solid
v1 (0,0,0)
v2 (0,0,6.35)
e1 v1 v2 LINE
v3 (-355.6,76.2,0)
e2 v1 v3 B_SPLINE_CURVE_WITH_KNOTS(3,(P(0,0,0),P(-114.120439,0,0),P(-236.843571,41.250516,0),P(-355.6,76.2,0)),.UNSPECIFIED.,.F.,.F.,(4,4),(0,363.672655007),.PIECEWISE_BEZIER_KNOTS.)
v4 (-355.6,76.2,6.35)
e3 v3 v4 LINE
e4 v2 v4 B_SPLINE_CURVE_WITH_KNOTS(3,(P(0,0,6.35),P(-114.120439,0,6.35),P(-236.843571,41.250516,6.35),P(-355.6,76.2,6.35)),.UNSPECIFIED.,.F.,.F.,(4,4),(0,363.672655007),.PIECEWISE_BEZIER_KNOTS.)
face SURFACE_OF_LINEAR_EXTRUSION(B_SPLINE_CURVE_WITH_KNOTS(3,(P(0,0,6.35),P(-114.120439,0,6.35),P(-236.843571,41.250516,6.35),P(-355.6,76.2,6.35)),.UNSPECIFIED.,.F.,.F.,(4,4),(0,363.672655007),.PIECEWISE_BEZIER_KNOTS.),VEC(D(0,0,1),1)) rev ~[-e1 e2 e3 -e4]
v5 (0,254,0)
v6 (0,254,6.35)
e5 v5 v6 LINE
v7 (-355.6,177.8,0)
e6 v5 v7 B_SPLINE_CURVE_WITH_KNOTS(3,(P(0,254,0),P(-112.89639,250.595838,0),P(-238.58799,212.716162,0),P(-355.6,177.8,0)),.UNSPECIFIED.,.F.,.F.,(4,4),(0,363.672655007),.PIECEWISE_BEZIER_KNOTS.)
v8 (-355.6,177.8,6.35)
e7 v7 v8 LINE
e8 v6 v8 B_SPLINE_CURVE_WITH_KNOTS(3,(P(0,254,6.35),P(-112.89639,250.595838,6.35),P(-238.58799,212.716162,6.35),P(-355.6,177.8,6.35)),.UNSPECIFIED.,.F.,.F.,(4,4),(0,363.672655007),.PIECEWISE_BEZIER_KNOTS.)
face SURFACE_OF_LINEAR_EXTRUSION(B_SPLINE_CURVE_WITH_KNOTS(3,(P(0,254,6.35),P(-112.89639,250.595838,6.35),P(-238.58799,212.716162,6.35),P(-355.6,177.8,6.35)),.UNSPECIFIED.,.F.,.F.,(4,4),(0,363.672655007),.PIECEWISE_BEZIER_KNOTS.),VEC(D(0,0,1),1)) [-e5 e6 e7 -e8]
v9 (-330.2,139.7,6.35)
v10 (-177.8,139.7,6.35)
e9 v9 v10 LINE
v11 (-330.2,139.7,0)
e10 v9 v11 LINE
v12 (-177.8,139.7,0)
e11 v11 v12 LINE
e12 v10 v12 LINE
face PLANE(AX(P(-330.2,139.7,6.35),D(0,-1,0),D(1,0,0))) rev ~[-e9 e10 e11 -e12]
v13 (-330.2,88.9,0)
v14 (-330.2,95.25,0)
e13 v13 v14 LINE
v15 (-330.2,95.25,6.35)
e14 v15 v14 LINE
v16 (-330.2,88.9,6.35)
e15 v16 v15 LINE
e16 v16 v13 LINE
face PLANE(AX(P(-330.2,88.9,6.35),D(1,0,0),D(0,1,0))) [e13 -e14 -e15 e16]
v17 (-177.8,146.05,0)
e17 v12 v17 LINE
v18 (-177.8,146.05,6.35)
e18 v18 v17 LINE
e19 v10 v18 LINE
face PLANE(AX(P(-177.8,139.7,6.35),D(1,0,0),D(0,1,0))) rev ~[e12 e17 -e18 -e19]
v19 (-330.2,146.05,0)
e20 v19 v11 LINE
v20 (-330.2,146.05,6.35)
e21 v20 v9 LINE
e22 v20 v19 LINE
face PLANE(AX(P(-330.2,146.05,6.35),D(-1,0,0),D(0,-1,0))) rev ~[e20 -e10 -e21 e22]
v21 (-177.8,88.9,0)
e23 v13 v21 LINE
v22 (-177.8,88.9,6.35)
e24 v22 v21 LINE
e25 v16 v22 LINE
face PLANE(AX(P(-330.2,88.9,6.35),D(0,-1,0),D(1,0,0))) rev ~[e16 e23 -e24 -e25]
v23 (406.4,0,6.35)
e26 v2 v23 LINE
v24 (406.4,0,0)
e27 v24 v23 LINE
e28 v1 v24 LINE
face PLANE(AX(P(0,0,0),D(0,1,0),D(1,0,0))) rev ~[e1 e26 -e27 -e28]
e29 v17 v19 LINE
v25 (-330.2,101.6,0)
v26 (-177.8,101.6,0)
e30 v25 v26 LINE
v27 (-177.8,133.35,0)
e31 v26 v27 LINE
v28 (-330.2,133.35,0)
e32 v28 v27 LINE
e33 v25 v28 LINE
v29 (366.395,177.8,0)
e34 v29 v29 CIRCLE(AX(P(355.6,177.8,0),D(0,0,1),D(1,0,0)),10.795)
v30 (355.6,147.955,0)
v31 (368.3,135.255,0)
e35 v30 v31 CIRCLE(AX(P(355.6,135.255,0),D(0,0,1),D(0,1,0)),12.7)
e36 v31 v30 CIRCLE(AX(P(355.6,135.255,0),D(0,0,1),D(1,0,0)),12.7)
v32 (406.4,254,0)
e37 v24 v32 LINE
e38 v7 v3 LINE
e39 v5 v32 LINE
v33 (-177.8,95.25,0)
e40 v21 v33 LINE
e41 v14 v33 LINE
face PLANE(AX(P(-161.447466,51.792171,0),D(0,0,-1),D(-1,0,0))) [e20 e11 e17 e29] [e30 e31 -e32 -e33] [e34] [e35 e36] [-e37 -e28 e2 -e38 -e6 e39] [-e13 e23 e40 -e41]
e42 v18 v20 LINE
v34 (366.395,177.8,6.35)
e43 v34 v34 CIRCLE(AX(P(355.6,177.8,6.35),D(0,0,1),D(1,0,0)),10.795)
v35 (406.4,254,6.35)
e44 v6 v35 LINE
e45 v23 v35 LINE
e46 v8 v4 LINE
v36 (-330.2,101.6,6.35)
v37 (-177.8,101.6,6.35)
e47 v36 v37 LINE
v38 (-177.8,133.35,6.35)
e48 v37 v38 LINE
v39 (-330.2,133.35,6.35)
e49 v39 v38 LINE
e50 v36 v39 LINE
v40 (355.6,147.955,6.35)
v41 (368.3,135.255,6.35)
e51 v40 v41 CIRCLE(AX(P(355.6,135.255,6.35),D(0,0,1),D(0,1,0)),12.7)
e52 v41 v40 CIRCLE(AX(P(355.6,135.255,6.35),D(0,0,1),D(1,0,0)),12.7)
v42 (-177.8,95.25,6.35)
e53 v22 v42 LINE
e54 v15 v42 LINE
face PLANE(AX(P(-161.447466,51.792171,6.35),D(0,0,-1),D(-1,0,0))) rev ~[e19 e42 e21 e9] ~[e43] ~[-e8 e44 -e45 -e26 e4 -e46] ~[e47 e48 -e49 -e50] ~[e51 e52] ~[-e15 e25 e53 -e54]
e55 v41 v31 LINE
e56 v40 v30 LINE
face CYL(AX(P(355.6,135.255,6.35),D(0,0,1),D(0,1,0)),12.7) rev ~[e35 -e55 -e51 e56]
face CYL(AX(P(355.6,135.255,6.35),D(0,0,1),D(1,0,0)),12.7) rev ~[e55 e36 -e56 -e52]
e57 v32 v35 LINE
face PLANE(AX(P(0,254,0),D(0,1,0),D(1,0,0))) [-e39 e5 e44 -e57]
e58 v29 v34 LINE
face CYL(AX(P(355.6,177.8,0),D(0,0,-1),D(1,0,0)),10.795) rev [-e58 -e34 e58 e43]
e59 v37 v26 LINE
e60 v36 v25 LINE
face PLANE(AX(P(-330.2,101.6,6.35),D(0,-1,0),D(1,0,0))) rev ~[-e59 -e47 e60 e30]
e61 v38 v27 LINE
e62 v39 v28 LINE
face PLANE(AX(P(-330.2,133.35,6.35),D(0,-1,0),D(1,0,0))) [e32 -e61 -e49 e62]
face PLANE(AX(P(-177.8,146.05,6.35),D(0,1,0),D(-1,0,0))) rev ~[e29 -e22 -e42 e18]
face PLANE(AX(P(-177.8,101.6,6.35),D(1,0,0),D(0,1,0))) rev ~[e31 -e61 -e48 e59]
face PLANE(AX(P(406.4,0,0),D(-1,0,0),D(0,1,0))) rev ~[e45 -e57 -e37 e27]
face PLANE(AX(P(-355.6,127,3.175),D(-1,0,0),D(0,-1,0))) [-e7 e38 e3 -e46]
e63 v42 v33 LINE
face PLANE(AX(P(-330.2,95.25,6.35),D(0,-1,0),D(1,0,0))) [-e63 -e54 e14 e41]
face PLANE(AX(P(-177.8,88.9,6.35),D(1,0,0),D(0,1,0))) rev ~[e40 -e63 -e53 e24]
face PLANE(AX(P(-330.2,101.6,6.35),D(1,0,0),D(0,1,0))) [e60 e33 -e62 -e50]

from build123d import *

# Parameters (mm, degrees)
F0_W      = 406.4
F0_H      = 254
F0_R      = 10.795
F1_DEPTH  = 6.35
F2_W      = 101.6
F2_H      = 6.35
F3_DEPTH  = 355.6
F5_DEPTH  = 6.35
F7_DEPTH  = 6.35
F8_W      = 152.4
F8_H      = 31.75
F9_DEPTH  = 6.35
F11_DEPTH = 6.35
F12_W     = 152.4
F12_H     = 6.35
F13_DEPTH = 6.35
F15_DEPTH = 6.35


with BuildPart() as f1:
    # F0 (on Top) → F1 (new body)
    with BuildSketch(Plane.XY):
        with Locations((203.2, 127)):
            Rectangle(F0_W, F0_H)
        with Locations((355.6, 177.8)):
            Circle(F0_R, mode=Mode.SUBTRACT)
    extrude(amount=F1_DEPTH)

    # F2 (on face) → F3 (join)
    with BuildSketch(Plane(origin=(0, 0, 0), x_dir=(0, -1, 0), z_dir=(-1, 0, 0))):
        with Locations((-127, 3.175)):
            Rectangle(F2_W, F2_H)
    extrude(amount=F3_DEPTH)

    # F4 (on face) → F5 (join)
    with BuildSketch(Plane.XY.offset(6.35)):
        with BuildLine():
            Line((0, 177.8), (0, 254))
            add(Edge.make_bspline(
                [(0, 254), (-112.8963902593, 250.5958378315), (-238.5879904032, 212.7161622047), (-355.6, 177.8)],
                knots=[0, 0, 0, 0, 363.6726550072, 363.6726550072, 363.6726550072, 363.6726550072], degree=3))
            Line((-355.6, 177.8), (0, 177.8))
        make_face()
    extrude(amount=-F5_DEPTH)

    # F6 (on face) → F7 (join)
    with BuildSketch(Plane.XY.offset(6.35)):
        with BuildLine():
            add(Edge.make_bspline(
                [(0, 0), (-114.120438695, 0), (-236.8435710669, 41.2505157292), (-355.6, 76.2)],
                knots=[0, 0, 0, 0, 363.6726550072, 363.6726550072, 363.6726550072, 363.6726550072], degree=3))
            Line((0, 0), (0, 76.2))
            Line((0, 76.2), (-355.6, 76.2))
        make_face()
    extrude(amount=-F7_DEPTH)

    # F8 (on face) → F9 (cut)
    with BuildSketch(Plane.XY.offset(6.35)):
        with Locations((-254, 117.475)):
            Rectangle(F8_W, F8_H)
    extrude(amount=-F9_DEPTH, mode=Mode.SUBTRACT)

    # F10 (on face) → F11 (cut)
    with BuildSketch(Plane.XY.offset(6.35)):
        Polygon((-330.2, 146.05), (-330.2, 139.7), (-269.6087956429, 139.7), (-177.8, 139.7), (-177.8, 146.05), align=None)
    extrude(amount=-F11_DEPTH, mode=Mode.SUBTRACT)

    # F12 (on face) → F13 (cut)
    with BuildSketch(Plane.XY.offset(6.35)):
        with Locations((-254, 92.075)):
            Rectangle(F12_W, F12_H)
    extrude(amount=-F13_DEPTH, mode=Mode.SUBTRACT)

    # F14 (on face) → F15 (cut)
    with BuildSketch(Plane.XY.offset(6.35)):
        with BuildLine():
            ThreePointArc((368.3, 135.255), (364.5802561211, 144.2352561211), (355.6, 147.955))
            ThreePointArc((355.6, 147.955), (346.6197438789, 126.2747438789), (368.3, 135.255))
        make_face()
    extrude(amount=-F15_DEPTH, mode=Mode.SUBTRACT)


solid = f1.part
